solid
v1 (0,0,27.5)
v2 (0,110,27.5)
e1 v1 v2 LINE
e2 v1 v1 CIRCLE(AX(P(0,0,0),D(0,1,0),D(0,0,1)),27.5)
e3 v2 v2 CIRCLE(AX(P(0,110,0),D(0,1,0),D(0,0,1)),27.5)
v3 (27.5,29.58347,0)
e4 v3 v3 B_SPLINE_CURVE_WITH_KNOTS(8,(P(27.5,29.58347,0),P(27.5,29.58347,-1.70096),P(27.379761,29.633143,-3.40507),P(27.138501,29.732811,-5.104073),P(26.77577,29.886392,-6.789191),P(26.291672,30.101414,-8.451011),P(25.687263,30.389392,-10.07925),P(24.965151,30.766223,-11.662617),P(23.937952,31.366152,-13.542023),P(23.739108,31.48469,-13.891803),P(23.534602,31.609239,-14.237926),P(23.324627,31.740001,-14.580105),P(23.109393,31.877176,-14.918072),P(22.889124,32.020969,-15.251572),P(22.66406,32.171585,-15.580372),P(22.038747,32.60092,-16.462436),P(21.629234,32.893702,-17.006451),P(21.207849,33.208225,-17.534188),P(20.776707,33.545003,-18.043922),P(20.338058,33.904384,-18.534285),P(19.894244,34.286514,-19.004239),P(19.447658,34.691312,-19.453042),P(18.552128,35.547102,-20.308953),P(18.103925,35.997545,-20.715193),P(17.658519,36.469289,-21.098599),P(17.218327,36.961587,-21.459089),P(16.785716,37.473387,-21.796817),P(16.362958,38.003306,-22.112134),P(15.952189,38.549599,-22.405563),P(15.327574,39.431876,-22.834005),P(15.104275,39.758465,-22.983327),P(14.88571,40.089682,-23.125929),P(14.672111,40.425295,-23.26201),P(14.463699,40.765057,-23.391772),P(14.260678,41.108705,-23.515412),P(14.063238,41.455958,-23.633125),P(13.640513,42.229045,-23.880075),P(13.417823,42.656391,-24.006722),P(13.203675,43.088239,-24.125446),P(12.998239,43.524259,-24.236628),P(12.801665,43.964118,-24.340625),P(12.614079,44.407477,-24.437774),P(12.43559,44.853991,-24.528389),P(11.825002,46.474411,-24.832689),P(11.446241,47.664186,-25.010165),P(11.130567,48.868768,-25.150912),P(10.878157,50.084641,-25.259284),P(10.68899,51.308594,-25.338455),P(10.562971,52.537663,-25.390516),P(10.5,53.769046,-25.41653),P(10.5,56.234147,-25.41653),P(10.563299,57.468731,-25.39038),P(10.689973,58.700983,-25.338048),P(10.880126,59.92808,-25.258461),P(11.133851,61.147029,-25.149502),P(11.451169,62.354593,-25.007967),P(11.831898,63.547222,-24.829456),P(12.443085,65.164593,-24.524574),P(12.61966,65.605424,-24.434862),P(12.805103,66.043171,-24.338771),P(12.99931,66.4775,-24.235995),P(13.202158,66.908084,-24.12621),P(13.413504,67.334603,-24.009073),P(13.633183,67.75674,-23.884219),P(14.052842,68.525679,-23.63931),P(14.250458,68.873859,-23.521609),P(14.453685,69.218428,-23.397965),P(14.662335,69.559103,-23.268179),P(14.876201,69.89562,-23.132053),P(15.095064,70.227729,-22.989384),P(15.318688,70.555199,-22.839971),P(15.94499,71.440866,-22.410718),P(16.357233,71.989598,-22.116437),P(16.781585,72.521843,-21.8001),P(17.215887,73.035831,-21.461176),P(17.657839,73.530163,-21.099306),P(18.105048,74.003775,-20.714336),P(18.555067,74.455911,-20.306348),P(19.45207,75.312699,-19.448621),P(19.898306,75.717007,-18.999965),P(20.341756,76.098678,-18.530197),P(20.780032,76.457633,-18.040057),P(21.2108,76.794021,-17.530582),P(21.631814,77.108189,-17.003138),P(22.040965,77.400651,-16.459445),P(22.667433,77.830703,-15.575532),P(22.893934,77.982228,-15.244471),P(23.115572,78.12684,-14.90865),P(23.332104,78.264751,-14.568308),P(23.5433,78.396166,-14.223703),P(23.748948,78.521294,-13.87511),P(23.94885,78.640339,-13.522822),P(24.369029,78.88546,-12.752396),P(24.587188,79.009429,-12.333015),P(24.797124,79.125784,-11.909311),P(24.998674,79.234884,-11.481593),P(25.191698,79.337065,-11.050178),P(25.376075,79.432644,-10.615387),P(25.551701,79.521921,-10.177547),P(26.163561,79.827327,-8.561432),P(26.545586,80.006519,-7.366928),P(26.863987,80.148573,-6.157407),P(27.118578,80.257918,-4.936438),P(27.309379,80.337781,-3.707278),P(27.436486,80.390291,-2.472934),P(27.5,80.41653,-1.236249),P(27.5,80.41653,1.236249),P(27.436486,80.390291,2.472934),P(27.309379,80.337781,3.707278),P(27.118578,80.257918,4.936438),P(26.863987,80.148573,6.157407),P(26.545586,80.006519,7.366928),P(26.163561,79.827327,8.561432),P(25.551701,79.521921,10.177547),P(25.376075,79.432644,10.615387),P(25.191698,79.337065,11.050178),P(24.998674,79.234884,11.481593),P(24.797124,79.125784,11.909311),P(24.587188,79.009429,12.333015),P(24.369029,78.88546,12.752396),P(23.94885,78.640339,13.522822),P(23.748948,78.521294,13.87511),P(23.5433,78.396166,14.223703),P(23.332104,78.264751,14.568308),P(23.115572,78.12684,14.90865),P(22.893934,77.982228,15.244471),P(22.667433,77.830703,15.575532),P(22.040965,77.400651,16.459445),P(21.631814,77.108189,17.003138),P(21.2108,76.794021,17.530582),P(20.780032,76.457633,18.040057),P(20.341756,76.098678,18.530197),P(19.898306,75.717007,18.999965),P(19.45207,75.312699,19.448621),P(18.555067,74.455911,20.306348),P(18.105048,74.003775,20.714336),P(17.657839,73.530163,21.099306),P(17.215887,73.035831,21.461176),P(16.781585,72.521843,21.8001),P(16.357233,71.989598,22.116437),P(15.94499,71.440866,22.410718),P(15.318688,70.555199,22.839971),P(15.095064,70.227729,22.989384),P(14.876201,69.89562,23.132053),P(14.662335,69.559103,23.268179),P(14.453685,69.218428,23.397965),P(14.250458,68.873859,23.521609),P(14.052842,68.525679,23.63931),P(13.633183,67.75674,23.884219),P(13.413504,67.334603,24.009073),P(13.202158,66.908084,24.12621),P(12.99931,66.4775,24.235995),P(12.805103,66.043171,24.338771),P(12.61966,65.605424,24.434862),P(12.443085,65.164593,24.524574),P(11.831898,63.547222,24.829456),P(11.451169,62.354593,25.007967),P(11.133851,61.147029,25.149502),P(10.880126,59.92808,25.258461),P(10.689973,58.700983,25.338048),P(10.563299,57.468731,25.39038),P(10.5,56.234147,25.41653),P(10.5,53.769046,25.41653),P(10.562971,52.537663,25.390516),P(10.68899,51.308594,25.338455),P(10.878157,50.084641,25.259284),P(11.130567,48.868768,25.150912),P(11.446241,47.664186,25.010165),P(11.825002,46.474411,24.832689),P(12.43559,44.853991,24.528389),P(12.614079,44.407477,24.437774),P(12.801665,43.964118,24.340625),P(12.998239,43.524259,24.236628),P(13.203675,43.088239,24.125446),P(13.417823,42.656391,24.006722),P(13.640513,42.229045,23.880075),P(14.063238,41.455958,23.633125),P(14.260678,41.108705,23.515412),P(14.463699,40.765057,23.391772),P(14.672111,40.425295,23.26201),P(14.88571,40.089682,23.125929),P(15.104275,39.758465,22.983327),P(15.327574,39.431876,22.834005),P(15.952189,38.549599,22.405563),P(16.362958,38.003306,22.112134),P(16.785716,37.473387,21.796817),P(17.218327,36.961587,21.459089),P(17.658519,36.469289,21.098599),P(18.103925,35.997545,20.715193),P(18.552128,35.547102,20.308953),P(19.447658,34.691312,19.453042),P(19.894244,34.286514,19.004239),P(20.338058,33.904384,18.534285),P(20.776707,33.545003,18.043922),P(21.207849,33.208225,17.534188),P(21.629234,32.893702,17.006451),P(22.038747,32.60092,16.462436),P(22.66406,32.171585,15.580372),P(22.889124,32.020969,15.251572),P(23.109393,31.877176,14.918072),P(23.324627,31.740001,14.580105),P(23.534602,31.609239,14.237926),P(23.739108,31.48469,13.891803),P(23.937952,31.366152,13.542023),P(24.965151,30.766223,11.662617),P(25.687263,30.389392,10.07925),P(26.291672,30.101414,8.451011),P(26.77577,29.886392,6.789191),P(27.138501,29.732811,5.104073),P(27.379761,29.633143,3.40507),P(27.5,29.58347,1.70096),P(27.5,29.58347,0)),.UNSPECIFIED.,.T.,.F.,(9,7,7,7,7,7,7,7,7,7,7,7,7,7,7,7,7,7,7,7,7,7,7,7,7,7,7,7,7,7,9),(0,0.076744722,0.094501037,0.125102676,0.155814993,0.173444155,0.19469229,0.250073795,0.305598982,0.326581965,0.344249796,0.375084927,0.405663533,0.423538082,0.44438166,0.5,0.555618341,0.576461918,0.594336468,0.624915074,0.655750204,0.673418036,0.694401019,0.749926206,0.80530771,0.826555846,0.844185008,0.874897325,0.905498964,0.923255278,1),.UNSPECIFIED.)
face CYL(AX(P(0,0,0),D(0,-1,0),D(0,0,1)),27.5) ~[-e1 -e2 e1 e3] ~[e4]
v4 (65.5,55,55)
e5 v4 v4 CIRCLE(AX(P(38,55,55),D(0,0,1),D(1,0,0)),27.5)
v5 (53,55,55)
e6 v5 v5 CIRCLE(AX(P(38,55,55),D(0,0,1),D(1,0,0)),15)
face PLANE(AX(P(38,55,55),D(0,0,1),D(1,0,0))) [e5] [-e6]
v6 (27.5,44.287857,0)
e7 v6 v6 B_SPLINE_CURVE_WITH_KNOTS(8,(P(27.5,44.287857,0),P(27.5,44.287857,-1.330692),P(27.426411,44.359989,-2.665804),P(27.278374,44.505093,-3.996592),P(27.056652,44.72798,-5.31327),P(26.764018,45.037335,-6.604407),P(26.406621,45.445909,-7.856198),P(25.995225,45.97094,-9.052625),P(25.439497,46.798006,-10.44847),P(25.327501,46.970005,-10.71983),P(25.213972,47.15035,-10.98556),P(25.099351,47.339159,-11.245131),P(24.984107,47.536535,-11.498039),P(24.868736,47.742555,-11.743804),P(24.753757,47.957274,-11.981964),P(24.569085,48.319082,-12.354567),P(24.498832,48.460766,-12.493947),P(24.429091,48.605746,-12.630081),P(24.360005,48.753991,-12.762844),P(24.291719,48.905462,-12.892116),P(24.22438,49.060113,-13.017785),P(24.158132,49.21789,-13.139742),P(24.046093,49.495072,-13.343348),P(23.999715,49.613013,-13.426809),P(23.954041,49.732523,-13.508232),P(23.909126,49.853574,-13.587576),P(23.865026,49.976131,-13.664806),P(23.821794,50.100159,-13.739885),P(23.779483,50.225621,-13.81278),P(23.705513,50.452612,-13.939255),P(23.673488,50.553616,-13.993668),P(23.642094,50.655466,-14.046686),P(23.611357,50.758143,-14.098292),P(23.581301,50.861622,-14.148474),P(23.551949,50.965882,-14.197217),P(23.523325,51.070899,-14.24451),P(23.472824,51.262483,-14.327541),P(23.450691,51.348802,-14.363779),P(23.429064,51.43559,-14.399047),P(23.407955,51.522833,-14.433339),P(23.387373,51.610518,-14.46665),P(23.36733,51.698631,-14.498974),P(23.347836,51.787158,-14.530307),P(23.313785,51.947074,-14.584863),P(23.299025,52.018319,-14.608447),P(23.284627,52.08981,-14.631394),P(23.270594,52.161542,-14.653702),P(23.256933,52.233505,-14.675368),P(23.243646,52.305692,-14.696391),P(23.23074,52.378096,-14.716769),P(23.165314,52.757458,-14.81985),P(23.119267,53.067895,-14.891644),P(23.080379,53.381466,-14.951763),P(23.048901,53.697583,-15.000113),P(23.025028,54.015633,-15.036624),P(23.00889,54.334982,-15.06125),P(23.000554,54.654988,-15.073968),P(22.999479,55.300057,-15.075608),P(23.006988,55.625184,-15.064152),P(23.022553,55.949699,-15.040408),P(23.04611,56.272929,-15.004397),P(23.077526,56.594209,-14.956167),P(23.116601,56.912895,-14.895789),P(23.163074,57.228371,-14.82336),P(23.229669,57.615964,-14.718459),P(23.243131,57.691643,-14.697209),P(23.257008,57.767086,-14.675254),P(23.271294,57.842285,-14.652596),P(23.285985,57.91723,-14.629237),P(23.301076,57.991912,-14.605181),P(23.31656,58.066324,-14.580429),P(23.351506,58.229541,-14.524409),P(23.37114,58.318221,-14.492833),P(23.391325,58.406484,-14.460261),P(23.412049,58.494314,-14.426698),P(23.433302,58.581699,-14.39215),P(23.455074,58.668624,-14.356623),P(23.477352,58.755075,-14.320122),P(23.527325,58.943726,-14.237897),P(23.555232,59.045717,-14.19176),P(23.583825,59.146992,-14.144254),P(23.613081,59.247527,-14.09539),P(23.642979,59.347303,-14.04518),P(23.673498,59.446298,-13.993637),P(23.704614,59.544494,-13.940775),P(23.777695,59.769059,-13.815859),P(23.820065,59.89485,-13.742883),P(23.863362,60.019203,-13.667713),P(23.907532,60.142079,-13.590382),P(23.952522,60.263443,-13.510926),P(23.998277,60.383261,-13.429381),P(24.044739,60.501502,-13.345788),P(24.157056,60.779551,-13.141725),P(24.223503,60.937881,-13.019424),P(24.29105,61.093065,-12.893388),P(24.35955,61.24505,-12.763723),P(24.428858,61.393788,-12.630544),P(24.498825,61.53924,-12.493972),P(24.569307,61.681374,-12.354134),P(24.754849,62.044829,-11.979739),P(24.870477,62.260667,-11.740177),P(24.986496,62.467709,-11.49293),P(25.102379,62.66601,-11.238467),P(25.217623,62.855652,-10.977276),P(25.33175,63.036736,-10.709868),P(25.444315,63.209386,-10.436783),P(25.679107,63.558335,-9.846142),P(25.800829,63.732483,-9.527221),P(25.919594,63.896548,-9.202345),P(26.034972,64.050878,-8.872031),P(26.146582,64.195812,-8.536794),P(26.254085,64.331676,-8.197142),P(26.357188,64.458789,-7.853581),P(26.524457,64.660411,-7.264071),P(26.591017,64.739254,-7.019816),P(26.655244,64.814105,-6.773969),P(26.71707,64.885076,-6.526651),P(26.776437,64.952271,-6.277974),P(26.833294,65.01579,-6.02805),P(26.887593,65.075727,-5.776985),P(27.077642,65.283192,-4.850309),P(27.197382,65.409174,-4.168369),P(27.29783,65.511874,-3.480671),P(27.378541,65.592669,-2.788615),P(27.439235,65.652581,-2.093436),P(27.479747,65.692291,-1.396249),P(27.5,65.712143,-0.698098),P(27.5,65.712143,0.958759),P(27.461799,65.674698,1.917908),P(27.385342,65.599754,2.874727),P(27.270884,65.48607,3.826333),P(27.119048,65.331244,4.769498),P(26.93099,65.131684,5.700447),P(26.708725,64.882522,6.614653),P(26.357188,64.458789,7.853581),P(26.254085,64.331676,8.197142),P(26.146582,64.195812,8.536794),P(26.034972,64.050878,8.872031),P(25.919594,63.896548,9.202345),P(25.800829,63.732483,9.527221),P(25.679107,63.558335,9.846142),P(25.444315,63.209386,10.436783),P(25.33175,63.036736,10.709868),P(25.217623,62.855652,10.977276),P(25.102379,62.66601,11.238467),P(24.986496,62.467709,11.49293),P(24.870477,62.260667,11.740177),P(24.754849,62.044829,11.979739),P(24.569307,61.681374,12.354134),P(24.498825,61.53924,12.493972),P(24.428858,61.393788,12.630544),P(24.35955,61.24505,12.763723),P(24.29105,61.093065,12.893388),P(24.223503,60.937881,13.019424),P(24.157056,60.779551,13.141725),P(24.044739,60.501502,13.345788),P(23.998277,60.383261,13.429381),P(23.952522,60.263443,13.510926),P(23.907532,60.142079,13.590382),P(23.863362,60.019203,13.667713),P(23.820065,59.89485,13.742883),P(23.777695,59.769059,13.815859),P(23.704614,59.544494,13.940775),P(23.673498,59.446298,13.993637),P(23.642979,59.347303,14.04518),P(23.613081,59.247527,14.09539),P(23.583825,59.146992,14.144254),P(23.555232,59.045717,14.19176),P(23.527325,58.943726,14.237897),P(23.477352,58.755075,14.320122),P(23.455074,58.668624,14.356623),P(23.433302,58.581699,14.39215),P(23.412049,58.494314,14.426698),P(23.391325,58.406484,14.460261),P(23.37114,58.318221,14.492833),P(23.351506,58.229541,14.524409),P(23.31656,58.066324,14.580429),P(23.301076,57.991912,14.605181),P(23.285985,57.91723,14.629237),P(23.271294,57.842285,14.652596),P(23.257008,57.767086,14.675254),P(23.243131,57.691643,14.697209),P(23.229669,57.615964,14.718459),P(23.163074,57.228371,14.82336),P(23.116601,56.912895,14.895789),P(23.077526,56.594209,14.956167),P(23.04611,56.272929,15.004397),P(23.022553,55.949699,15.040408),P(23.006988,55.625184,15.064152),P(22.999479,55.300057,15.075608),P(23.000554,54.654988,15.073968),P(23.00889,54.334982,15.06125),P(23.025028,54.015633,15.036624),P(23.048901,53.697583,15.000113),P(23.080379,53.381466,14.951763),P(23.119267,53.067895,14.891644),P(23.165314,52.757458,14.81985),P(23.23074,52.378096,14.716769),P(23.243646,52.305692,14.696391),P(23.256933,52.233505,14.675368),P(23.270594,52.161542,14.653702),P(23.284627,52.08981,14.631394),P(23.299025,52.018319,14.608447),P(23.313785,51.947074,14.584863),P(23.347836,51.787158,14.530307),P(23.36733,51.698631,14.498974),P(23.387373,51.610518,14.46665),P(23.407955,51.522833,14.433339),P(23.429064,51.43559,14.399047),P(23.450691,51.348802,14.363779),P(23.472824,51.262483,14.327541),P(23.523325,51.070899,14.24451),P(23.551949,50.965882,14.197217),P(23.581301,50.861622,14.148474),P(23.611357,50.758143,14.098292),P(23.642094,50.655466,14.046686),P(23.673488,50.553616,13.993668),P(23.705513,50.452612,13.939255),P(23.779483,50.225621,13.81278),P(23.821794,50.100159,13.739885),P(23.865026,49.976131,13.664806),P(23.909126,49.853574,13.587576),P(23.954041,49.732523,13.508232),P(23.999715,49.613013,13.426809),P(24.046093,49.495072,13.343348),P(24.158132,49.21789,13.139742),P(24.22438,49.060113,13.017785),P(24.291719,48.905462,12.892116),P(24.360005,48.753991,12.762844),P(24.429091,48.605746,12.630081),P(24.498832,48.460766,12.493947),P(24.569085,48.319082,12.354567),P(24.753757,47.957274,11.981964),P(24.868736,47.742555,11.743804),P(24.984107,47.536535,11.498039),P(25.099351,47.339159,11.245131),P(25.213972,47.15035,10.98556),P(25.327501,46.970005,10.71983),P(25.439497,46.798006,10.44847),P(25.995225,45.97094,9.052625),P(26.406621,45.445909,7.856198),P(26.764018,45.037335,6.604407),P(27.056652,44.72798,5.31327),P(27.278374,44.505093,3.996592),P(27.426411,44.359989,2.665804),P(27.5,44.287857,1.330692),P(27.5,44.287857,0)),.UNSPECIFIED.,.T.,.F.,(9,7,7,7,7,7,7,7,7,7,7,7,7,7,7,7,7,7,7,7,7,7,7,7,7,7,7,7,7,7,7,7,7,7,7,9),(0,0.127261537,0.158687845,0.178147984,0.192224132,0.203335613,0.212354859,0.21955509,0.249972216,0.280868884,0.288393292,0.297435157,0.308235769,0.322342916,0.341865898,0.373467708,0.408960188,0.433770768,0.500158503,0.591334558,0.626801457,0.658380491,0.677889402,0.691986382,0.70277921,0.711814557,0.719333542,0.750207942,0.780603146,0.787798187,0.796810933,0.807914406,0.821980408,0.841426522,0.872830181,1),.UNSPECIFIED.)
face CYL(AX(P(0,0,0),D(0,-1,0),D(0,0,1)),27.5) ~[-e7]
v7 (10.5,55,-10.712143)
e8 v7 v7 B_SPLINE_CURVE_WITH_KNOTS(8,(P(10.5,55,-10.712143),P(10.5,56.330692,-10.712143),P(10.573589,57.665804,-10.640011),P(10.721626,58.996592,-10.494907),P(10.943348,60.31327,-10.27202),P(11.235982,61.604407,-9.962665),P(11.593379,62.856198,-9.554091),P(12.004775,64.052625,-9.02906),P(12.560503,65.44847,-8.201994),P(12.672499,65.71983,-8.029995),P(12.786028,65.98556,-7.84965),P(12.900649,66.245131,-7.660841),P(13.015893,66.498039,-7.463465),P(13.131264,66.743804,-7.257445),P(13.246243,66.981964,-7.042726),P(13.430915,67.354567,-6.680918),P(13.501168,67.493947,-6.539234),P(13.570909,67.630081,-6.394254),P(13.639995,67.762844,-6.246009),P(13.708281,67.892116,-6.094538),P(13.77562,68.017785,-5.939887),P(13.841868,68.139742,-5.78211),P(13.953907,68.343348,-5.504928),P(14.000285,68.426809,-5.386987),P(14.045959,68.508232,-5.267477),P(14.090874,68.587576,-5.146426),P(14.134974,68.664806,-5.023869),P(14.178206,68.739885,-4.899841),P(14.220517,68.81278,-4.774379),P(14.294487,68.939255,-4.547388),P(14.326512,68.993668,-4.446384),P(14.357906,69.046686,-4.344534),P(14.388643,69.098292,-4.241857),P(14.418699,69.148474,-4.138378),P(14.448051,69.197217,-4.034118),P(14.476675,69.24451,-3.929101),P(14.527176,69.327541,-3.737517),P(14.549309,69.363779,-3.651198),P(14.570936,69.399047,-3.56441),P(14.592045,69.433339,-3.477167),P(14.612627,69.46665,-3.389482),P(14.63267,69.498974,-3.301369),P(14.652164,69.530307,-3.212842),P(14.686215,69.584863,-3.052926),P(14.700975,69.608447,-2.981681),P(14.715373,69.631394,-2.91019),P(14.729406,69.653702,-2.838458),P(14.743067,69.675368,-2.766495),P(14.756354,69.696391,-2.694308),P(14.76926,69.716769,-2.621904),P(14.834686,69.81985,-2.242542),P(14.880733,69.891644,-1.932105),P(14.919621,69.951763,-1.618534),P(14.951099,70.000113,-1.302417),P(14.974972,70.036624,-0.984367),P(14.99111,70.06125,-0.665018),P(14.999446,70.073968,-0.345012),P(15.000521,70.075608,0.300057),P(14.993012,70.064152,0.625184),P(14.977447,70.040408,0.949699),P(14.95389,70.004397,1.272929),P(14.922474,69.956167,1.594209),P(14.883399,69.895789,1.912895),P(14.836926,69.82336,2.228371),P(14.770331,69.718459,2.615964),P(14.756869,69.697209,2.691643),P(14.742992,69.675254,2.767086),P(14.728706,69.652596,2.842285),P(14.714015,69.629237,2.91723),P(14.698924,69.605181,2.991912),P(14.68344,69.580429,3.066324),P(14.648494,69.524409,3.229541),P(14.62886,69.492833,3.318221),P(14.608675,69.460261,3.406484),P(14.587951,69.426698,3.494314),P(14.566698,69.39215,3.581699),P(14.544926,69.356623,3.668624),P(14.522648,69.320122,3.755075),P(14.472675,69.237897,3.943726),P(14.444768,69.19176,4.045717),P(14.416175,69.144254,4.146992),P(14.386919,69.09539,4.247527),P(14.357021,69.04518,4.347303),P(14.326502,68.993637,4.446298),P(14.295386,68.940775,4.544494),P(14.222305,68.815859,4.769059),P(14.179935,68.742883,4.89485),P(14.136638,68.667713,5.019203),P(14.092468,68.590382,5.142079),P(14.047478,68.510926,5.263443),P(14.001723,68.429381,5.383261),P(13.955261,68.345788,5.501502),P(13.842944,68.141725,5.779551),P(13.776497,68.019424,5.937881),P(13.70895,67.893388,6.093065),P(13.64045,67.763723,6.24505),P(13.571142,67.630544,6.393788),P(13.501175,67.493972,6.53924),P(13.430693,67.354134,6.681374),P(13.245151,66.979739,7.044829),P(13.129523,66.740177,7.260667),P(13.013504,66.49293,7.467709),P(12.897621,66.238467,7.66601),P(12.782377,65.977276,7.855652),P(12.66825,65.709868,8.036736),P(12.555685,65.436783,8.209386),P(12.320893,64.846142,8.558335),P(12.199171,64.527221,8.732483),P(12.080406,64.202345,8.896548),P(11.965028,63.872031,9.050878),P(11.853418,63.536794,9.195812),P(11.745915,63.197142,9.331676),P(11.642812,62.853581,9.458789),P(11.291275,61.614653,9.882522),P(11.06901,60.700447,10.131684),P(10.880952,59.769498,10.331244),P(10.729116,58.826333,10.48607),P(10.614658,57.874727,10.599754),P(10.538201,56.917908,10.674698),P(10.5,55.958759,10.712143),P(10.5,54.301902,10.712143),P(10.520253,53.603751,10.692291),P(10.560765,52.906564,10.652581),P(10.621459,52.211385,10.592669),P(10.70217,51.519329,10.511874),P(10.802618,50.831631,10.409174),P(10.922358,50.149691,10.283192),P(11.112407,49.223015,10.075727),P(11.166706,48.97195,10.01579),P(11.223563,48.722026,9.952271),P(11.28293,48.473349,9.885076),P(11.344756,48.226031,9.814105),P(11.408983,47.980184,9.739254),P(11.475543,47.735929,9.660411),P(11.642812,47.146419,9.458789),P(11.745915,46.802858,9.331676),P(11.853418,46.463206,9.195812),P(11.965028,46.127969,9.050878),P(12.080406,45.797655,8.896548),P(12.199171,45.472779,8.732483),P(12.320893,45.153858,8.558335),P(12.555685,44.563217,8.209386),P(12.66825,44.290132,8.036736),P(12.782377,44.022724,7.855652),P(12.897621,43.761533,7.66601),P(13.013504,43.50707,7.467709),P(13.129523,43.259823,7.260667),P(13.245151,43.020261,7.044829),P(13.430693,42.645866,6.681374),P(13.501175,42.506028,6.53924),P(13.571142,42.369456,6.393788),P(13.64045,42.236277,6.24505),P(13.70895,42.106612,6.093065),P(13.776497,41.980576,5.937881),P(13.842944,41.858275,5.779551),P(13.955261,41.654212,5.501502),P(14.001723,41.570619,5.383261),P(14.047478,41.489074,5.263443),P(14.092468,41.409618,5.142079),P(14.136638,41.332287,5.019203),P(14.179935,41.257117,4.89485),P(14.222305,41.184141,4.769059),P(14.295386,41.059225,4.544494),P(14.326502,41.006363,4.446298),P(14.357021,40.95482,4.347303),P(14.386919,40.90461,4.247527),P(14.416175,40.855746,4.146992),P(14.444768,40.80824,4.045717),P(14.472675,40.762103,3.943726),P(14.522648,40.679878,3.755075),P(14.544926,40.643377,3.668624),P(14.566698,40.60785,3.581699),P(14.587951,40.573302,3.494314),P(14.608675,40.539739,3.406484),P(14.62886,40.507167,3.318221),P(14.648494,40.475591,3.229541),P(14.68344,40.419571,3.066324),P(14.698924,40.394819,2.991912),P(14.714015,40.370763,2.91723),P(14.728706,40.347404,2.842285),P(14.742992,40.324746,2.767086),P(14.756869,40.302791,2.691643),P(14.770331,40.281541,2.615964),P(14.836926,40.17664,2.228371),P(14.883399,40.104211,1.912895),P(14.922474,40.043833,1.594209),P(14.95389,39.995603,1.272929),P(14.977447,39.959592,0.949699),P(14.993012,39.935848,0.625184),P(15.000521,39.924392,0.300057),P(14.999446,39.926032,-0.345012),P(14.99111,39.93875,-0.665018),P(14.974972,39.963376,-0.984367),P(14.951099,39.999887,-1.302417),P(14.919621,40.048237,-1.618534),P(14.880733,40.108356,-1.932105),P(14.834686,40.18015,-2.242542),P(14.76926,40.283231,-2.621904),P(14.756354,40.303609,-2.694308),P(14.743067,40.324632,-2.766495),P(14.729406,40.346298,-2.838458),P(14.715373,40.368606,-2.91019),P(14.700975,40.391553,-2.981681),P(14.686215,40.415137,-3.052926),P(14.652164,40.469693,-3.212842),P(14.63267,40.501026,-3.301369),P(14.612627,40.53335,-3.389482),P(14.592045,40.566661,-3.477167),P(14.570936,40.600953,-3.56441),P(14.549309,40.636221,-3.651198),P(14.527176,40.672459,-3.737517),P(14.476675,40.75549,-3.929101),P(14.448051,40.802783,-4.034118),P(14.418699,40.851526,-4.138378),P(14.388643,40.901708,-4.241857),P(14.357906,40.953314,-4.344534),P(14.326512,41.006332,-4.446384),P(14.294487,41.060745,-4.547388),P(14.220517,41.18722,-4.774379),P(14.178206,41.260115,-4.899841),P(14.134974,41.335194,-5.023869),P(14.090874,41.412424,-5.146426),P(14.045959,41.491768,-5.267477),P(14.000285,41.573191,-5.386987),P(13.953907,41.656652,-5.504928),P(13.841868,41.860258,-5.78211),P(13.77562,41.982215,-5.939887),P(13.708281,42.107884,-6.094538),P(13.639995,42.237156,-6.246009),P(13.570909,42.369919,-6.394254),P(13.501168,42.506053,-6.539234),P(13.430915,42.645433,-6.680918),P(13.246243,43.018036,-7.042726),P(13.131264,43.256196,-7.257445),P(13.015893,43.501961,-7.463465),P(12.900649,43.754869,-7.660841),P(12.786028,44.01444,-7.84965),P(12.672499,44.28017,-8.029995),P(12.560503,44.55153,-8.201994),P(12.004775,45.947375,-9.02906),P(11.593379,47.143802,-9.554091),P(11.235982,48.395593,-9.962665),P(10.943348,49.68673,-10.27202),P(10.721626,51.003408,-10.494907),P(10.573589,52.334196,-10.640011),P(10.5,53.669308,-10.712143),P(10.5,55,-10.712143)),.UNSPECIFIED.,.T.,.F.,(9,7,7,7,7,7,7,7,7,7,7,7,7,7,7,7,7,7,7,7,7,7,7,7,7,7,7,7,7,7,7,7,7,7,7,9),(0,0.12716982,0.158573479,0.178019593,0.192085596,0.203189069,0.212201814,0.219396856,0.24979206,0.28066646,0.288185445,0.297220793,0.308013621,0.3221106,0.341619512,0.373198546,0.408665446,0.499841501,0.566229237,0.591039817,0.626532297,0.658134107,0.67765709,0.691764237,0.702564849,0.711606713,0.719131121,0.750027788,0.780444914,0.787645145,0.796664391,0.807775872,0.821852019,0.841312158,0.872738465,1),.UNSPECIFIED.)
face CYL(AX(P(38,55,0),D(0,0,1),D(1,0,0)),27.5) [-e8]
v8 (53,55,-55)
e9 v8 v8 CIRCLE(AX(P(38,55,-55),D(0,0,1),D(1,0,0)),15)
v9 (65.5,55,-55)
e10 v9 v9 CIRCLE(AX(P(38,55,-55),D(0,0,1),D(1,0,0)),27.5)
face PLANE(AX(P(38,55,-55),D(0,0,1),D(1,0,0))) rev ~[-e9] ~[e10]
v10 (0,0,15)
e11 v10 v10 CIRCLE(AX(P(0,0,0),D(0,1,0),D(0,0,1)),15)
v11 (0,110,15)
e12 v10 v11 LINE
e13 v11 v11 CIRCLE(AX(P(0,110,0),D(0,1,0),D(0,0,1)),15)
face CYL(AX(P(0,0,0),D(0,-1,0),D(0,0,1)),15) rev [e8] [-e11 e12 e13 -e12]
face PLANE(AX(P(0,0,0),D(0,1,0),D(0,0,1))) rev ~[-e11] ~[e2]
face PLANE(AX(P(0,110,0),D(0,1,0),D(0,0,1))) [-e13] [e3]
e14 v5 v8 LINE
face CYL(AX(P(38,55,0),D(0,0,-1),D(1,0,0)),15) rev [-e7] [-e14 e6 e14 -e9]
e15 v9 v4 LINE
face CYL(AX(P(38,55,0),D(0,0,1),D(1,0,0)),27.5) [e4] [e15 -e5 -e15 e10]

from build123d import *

# Parameters (mm, degrees)
SKETCH2_R           = 27.5
SKETCH2_R_2         = 15
BOSS_EXTRUDE1_DEPTH = 110
SKETCH3_R           = 27.5
SKETCH3_R_2         = 15
BOSS_EXTRUDE2_DEPTH = 55


with BuildPart() as part:
    # Sketch2 → Boss-Extrude1 (new body)
    with BuildSketch(Plane(origin=(0, 0, 0), x_dir=(1, 0, 0), z_dir=(0, 1, 0))):
        with Locations(Location((0, 0, 0), (0, 0, 270))):
            Circle(SKETCH2_R)
        with Locations(Location((0, 0, 0), (0, 0, 270))):
            Circle(SKETCH2_R_2, mode=Mode.SUBTRACT)
    extrude(amount=BOSS_EXTRUDE1_DEPTH)

    # Sketch3 → Boss-Extrude2 (add, symmetric)
    with BuildSketch(Plane.XY):
        with Locations((38, 55)):
            Circle(SKETCH3_R)
        with Locations((38, 55)):
            Circle(SKETCH3_R_2, mode=Mode.SUBTRACT)
    extrude(amount=BOSS_EXTRUDE2_DEPTH, both=True)


solid = part.part
